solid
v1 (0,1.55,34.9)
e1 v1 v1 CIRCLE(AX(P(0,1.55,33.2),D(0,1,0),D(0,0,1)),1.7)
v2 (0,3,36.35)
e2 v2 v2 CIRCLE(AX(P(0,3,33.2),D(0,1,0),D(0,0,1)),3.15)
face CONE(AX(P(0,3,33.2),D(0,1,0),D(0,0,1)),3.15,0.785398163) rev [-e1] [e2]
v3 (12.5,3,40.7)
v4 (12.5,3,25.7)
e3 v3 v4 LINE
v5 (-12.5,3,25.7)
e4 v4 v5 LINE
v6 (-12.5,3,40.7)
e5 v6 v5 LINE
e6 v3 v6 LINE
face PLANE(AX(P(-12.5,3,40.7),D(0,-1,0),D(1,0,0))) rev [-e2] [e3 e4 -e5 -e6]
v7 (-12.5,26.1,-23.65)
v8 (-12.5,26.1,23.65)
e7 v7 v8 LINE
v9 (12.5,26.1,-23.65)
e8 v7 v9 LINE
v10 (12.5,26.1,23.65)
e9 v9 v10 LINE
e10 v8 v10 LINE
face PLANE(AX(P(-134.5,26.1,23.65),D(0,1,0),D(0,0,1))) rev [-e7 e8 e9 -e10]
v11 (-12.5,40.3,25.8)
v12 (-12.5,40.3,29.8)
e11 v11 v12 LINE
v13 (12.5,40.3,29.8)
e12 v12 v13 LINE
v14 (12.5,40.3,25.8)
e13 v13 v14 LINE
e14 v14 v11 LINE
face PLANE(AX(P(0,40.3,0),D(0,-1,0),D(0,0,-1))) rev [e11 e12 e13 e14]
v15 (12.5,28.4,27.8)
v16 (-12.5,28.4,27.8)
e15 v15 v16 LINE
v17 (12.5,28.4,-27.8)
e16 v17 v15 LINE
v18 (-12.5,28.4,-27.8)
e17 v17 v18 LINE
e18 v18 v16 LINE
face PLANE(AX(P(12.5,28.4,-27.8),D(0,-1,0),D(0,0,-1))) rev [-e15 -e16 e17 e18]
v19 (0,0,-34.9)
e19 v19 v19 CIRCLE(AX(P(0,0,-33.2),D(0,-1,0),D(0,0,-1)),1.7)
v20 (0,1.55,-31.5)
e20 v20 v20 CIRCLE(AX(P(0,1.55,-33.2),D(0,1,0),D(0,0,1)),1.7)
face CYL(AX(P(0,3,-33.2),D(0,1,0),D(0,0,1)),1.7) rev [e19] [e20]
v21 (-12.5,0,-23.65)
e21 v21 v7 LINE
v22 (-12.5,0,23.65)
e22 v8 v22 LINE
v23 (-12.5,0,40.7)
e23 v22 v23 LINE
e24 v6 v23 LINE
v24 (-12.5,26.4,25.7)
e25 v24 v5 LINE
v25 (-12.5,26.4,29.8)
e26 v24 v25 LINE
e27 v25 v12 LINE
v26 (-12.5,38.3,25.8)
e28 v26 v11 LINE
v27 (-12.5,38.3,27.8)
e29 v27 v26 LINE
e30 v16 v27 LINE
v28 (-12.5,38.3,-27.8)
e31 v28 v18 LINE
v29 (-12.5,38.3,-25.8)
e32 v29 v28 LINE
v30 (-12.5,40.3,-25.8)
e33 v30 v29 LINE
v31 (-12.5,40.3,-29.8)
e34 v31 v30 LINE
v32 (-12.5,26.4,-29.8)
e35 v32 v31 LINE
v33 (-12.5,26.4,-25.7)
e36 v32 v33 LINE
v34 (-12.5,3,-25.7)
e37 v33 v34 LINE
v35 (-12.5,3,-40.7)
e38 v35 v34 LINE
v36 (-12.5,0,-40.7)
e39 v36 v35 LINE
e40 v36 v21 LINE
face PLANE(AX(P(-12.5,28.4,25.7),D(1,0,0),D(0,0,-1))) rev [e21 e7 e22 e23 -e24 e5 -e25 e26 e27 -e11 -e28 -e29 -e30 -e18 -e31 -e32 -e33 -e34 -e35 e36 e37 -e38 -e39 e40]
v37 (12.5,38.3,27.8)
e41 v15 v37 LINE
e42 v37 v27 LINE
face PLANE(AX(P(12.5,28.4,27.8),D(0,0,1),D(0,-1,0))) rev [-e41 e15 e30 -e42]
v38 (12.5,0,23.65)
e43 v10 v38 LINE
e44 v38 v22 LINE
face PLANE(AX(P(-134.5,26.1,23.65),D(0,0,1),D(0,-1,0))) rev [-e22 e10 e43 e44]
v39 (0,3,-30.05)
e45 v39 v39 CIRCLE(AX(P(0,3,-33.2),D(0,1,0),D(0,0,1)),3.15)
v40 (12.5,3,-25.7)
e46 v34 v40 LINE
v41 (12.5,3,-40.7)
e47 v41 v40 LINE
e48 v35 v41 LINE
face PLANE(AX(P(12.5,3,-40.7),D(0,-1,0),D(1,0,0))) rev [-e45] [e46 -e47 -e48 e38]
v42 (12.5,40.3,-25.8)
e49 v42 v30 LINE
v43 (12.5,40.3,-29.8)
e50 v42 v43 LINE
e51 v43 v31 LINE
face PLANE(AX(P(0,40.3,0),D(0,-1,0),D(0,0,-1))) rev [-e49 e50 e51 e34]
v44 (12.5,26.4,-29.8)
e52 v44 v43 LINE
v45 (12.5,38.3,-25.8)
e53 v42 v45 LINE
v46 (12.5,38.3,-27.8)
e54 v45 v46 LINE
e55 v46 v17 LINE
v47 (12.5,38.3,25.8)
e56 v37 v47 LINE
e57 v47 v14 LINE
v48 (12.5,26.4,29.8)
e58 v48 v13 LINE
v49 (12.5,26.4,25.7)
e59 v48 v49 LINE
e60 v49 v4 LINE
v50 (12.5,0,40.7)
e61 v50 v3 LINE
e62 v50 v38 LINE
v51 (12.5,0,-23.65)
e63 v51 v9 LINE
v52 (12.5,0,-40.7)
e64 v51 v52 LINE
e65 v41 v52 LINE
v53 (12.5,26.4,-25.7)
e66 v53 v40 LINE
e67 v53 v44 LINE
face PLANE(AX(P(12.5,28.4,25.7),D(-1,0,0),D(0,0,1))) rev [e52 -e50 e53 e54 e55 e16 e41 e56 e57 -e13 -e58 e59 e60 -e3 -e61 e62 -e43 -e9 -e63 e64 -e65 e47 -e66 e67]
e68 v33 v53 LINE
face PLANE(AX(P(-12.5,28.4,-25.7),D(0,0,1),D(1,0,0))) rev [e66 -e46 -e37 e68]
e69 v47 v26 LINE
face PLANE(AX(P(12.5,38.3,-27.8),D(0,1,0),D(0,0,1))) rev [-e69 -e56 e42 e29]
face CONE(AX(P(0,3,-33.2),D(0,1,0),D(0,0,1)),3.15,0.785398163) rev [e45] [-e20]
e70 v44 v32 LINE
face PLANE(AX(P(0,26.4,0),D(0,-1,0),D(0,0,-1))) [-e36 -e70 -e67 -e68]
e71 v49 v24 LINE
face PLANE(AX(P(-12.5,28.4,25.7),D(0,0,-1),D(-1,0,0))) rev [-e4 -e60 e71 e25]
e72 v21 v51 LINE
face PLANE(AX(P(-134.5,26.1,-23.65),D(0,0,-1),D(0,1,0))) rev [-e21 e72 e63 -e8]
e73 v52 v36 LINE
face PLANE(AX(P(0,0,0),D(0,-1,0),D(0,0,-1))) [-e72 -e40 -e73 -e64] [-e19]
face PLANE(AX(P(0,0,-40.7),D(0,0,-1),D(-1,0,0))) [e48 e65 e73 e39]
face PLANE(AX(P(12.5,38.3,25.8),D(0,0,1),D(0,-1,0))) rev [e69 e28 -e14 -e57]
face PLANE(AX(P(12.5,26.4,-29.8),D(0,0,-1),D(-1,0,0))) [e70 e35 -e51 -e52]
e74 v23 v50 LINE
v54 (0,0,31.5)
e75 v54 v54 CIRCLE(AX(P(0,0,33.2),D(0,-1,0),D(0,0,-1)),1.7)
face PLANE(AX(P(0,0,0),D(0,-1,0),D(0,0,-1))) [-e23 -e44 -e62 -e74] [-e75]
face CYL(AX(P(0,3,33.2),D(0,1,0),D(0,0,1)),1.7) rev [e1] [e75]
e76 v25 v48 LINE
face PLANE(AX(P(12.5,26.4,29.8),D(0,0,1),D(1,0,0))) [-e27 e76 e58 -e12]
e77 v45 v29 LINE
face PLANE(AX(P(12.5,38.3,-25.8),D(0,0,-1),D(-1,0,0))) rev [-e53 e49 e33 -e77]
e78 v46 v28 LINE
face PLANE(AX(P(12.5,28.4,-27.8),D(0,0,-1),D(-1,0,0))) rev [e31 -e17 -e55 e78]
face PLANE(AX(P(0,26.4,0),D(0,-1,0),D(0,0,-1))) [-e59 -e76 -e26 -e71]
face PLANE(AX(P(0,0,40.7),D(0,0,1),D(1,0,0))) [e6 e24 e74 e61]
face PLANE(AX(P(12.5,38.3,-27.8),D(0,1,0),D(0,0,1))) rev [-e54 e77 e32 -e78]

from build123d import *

# Parameters (mm, degrees)
SKETCH1_W                                       = 25
SKETCH1_H                                       = 51.4
BOSS_EXTRUDE1_DEPTH                             = 28.4
SKETCH2_W                                       = 47.3
SKETCH2_H                                       = 27.1
CUT_EXTRUDE1_DEPTH                              = 147
BOSS_EXTRUDE2_DEPTH                             = 11.9
BOSS_EXTRUDE2_DEPTH_BACK                        = 2
SKETCH4_W                                       = 25
SKETCH4_H                                       = 59.6
SKETCH5_W                                       = 55.6
SKETCH5_H                                       = 9.9
CUT_EXTRUDE5_DEPTH                              = 57.010088377
SKETCH6_W                                       = 51.6
SKETCH6_H                                       = 2
CUT_EXTRUDE6_DEPTH                              = 57.010088377
SKETCH7_W                                       = 25
SKETCH7_H                                       = 3
BOSS_EXTRUDE3_DEPTH                             = 15
SKETCH8_W                                       = 25
SKETCH8_H                                       = 3
BOSS_EXTRUDE4_DEPTH                             = 15
CSK_FOR_M3_FLAT_HEAD_MACHINE_SCREW4_D           = 3.4
CSK_FOR_M3_FLAT_HEAD_MACHINE_SCREW4_DEPTH       = 10.4
CSK_FOR_M3_FLAT_HEAD_MACHINE_SCREW4_CSINK_D     = 6.3
CSK_FOR_M3_FLAT_HEAD_MACHINE_SCREW4_CSINK_ANGLE = 90
CSK_FOR_M3_FLAT_HEAD_MACHINE_SCREW4_TIP         = 1.021463052


with BuildPart() as part:
    # Sketch1 → Boss-Extrude1 (new body)
    with BuildSketch(Plane(origin=(0, 0, 0), x_dir=(1, 0, 0), z_dir=(0, 1, 0))):
        Rectangle(SKETCH1_W, SKETCH1_H)
    extrude(amount=BOSS_EXTRUDE1_DEPTH)

    # Sketch2 → Cut-Extrude1 (cut)
    with BuildSketch(Plane(origin=(12.5, 0, 0), x_dir=(0, 0, -1), z_dir=(1, 0, 0))):
        with Locations((0, 12.55)):
            Rectangle(SKETCH2_W, SKETCH2_H)
    extrude(amount=-CUT_EXTRUDE1_DEPTH, mode=Mode.SUBTRACT)

    # Sketch4 → Boss-Extrude2 (add, two sides: drawn at the far end of the back side and taken through both)
    with BuildSketch(Plane(origin=(0, 28.4, 0), x_dir=(1, 0, 0), z_dir=(0, 1, 0)).offset(-BOSS_EXTRUDE2_DEPTH_BACK)):
        Rectangle(SKETCH4_W, SKETCH4_H)
    extrude(amount=BOSS_EXTRUDE2_DEPTH + BOSS_EXTRUDE2_DEPTH_BACK)

    # Sketch5 → Cut-Extrude5 (cut, through all)
    with BuildSketch(Plane.ZY.offset(12.5)):
        with Locations((0, 33.35)):
            Rectangle(SKETCH5_W, SKETCH5_H)
    extrude(amount=-CUT_EXTRUDE5_DEPTH, mode=Mode.SUBTRACT)

    # Sketch6 → Cut-Extrude6 (cut, through all)
    with BuildSketch(Plane.ZY.offset(12.5)):
        with Locations((0, 39.3)):
            Rectangle(SKETCH6_W, SKETCH6_H)
    extrude(amount=-CUT_EXTRUDE6_DEPTH, mode=Mode.SUBTRACT)

    # Sketch7 → Boss-Extrude3 (add)
    with BuildSketch(Plane(origin=(0, 0, -25.7), x_dir=(-1, 0, 0), z_dir=(0, 0, -1))):
        with Locations((0, 1.5)):
            Rectangle(SKETCH7_W, SKETCH7_H)
    extrude(amount=BOSS_EXTRUDE3_DEPTH)

    # Sketch8 → Boss-Extrude4 (add)
    with BuildSketch(Plane.XY.offset(25.7)):
        with Locations((0, 1.5)):
            Rectangle(SKETCH8_W, SKETCH8_H)
    extrude(amount=BOSS_EXTRUDE4_DEPTH)

    # CSK for M3 Flat Head Machine Screw4
    with Locations(Plane(origin=(0, 3, 0), x_dir=(1, 0, 0), z_dir=(0, 1, 0))):
        with Locations((0, 33.2), (0, -33.2)):
            CounterSinkHole(CSK_FOR_M3_FLAT_HEAD_MACHINE_SCREW4_D / 2, CSK_FOR_M3_FLAT_HEAD_MACHINE_SCREW4_CSINK_D / 2, depth=CSK_FOR_M3_FLAT_HEAD_MACHINE_SCREW4_DEPTH, counter_sink_angle=CSK_FOR_M3_FLAT_HEAD_MACHINE_SCREW4_CSINK_ANGLE)
            with Locations((0, 0, -(CSK_FOR_M3_FLAT_HEAD_MACHINE_SCREW4_DEPTH + CSK_FOR_M3_FLAT_HEAD_MACHINE_SCREW4_TIP / 2))):  # 118° drill point
                Cone(0, CSK_FOR_M3_FLAT_HEAD_MACHINE_SCREW4_D / 2, CSK_FOR_M3_FLAT_HEAD_MACHINE_SCREW4_TIP, mode=Mode.SUBTRACT)


solid = part.part
